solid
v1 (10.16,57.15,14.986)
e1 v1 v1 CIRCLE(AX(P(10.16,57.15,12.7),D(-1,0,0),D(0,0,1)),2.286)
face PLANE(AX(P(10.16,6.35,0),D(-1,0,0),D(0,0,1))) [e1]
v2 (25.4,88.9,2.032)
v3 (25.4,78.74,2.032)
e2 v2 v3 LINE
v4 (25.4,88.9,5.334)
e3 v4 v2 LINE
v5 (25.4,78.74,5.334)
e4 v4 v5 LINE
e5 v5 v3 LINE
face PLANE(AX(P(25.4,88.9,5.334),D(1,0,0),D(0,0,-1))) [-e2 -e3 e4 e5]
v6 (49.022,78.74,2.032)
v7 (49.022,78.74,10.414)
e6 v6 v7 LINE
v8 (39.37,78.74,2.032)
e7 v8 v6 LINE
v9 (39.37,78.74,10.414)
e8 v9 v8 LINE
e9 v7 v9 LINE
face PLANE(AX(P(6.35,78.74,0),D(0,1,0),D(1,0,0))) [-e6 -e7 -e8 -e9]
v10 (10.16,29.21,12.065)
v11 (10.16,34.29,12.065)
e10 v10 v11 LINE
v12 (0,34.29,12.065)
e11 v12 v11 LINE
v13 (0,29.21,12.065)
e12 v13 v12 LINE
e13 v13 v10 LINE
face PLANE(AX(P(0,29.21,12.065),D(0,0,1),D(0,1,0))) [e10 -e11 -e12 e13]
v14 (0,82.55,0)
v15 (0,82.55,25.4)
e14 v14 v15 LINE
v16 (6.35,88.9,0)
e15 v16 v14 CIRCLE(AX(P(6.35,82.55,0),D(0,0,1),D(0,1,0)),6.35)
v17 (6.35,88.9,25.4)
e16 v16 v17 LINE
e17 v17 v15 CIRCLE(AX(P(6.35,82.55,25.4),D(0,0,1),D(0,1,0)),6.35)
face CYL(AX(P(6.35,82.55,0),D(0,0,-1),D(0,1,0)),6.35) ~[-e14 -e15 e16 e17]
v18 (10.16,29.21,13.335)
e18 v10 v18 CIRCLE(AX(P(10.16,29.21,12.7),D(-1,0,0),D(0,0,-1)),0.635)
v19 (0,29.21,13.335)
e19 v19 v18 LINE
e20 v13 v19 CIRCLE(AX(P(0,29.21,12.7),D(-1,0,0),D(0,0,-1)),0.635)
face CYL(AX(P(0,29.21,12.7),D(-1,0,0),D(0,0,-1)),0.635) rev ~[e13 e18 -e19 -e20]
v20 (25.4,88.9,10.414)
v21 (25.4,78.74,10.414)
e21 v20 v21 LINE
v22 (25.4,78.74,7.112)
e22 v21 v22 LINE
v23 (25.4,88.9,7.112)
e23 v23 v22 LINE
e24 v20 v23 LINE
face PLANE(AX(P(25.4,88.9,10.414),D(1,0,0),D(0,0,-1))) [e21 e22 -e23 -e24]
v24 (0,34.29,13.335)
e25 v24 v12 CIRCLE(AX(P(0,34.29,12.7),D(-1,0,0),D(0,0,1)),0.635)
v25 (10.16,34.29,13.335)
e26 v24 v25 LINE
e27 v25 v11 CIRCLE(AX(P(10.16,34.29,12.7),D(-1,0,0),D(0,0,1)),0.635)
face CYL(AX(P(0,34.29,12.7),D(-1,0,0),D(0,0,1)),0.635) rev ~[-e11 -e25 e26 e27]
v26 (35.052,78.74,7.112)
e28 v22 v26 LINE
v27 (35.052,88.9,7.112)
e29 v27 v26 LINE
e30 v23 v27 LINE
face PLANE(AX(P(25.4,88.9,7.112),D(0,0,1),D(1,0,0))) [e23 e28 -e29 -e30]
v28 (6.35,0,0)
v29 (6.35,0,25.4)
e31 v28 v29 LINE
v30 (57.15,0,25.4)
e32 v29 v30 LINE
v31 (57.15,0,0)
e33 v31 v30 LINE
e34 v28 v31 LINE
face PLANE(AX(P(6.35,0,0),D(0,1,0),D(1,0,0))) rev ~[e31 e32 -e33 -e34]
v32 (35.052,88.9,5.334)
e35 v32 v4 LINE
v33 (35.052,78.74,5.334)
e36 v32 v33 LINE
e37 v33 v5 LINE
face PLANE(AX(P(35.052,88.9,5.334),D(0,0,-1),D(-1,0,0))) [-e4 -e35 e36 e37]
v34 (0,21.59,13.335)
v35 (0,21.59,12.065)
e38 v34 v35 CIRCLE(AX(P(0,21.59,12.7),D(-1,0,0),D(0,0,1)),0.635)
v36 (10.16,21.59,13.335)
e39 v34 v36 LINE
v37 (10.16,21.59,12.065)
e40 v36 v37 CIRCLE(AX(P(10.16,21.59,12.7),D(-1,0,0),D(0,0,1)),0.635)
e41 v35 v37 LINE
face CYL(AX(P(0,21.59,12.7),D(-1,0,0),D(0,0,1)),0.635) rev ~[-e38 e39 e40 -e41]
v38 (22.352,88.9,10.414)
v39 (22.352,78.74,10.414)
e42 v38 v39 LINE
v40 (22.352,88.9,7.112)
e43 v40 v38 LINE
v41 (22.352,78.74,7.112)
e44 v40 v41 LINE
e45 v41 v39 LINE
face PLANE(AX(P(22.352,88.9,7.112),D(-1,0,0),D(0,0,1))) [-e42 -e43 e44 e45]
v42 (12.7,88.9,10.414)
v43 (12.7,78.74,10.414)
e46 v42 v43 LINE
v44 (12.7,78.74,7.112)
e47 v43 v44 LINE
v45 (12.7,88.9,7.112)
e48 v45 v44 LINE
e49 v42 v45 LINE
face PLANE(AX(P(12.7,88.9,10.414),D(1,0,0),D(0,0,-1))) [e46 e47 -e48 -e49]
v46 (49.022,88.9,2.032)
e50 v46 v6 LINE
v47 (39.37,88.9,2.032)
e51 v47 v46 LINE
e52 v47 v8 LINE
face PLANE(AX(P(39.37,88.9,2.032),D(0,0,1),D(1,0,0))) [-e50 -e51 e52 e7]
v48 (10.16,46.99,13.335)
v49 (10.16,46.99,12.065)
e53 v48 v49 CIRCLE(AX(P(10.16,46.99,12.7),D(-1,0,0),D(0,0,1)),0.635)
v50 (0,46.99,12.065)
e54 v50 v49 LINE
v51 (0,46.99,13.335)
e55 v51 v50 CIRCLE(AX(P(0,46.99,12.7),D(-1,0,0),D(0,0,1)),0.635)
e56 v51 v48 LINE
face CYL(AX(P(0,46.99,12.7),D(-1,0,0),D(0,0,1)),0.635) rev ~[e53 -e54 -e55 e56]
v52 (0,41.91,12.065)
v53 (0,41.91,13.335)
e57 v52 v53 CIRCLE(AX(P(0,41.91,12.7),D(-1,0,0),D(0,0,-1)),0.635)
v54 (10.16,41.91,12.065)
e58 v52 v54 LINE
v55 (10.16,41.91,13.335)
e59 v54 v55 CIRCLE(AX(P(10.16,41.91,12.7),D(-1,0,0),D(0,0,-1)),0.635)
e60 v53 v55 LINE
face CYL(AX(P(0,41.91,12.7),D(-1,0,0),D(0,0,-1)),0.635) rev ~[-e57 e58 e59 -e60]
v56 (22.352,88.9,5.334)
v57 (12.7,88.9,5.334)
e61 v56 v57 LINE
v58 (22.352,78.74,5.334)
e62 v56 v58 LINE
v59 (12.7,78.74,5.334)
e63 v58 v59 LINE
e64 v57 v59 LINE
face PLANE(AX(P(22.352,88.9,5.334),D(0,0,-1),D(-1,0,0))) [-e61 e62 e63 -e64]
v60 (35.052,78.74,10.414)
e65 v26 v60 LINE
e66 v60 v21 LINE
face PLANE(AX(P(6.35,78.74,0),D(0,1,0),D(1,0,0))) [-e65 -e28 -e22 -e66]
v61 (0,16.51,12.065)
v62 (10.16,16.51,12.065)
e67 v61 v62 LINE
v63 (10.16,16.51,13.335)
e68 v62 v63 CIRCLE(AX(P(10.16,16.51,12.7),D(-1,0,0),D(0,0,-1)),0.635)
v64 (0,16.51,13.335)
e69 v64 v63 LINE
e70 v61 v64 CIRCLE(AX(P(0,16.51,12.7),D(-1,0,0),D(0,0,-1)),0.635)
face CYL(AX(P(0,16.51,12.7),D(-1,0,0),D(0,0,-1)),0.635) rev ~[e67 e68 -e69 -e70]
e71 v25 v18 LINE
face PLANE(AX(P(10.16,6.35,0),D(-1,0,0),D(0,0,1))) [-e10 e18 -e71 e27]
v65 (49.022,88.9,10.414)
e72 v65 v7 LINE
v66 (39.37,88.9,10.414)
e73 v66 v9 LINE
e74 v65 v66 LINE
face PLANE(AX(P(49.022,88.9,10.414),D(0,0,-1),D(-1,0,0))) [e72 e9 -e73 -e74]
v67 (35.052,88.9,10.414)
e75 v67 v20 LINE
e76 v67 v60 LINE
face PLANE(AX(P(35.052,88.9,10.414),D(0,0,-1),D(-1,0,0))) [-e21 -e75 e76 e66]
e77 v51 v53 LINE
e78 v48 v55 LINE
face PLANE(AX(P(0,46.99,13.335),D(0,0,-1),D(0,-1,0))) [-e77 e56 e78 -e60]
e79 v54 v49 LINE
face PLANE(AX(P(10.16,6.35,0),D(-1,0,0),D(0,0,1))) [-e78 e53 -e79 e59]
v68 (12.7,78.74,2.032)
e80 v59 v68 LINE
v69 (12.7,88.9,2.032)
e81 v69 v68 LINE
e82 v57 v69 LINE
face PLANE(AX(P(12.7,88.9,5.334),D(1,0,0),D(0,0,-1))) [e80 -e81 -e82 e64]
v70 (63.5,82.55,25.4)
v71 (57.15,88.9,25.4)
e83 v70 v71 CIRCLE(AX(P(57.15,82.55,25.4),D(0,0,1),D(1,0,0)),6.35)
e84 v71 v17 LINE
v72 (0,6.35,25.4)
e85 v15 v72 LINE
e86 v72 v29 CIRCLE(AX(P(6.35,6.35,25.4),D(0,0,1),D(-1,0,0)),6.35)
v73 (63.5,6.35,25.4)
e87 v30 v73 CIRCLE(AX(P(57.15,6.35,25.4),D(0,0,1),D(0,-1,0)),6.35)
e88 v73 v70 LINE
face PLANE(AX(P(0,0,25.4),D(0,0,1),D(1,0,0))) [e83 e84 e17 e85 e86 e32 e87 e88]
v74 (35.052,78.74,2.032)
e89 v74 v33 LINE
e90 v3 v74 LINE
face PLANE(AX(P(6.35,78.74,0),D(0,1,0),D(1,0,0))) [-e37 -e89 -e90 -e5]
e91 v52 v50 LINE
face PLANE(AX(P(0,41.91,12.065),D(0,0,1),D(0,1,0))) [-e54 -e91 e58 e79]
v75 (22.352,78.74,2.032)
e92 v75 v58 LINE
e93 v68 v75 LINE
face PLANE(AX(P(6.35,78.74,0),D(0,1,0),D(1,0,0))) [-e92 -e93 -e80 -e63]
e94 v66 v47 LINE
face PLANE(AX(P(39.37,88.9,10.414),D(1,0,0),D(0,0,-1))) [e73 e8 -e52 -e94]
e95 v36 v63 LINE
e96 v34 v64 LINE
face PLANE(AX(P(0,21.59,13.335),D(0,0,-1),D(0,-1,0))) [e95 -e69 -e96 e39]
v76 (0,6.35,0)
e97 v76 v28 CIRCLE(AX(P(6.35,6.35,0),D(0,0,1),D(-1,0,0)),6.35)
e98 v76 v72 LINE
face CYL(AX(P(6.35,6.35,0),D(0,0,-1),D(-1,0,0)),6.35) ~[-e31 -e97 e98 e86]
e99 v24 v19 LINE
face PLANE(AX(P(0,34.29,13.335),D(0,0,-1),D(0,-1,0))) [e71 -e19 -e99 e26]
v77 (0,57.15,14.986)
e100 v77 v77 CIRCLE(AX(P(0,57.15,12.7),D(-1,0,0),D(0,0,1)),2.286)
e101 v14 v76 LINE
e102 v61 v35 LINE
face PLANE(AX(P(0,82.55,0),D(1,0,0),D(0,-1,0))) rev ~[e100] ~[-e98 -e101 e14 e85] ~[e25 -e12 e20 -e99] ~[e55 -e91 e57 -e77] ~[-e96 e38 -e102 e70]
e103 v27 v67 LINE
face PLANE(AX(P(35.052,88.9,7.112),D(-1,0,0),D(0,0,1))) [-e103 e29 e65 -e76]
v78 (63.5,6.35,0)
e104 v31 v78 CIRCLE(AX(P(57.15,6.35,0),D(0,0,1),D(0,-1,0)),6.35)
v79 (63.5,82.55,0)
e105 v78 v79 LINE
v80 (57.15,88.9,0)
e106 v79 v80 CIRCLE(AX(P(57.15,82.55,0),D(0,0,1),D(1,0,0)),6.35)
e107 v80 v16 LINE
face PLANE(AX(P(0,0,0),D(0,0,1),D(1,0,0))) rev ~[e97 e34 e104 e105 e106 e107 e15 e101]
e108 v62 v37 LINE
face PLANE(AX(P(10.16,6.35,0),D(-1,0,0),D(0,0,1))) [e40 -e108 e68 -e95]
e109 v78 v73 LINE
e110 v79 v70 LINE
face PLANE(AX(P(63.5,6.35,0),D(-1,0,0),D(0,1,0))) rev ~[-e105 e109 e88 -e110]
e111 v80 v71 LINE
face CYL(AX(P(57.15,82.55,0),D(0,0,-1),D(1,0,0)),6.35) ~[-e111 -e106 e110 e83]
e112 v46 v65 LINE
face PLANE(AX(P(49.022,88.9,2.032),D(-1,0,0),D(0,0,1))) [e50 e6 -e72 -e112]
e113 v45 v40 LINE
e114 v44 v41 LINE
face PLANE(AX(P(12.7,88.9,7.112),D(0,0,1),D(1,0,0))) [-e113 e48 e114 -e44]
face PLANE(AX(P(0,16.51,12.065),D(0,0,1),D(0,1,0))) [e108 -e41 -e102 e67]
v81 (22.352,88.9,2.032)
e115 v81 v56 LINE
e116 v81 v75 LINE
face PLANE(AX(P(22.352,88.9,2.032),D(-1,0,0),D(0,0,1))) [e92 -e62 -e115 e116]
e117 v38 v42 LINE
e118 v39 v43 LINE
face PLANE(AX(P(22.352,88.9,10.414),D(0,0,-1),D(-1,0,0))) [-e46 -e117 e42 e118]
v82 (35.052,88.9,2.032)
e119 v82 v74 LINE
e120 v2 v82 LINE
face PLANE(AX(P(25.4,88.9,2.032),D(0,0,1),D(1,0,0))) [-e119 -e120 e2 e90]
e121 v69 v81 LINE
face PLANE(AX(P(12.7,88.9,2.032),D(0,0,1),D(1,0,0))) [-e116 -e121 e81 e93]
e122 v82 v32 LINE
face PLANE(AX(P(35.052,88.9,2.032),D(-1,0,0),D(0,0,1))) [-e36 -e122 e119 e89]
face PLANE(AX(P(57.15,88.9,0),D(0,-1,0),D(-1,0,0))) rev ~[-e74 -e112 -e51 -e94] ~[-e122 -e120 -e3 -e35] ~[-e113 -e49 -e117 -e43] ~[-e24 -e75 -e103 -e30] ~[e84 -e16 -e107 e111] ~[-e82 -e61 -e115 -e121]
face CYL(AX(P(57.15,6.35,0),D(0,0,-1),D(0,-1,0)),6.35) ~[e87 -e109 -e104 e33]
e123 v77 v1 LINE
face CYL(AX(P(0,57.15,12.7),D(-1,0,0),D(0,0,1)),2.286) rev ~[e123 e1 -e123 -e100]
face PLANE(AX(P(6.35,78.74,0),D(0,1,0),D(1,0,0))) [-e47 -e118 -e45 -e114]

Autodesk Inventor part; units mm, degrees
ref_plane "YZ Plane" through (0, 0, 0) normal (1, 0, 0) x (0, 1, 0)
ref_plane "XZ Plane" through (0, 0, 0) normal (0, 1, 0) x (-1, 0, 0)
ref_plane "XY Plane" through (0, 0, 0) normal (0, 0, 1) x (1, 0, 0)
sketch "Sketch1" plane through (0, 0, 0) normal (0, 0, 1) x (1, 0, 0)
  line L0 (6.35, 0) -> (57.15, 0)
  line L1 (63.5, 6.35) -> (63.5, 82.55)
  line L2 (57.15, 88.9) -> (6.35, 88.9)
  line L3 (0, 82.55) -> (0, 6.35)
  arc A0 (6.35, 88.9) -> (0, 82.55) centre (6.35, 82.55) ccw
  arc A1 (63.5, 82.55) -> (57.15, 88.9) centre (57.15, 82.55) ccw
  arc A2 (57.15, 0) -> (63.5, 6.35) centre (57.15, 6.35) ccw
  arc A3 (0, 6.35) -> (6.35, 0) centre (6.35, 6.35) ccw
  point P0 (0, 0)
  point P1 (63.5, 88.9)
  point P2 (63.5, 0)
  point P3 (0, 88.9)
  dimension "d0" = 88.9
  dimension "d1" = 63.5
  dimension "d2" = 6.35
extrude "Extrusion1" add sketch "Sketch1" along normal blind 25.4
sketch "Sketch2" plane through (6.35, 88.9, 0) normal (0, 1, 0) x (1, 0, 0)
  line L0 (6.35, -2.032) -> (16.002, -2.032)
  line L1 (16.002, -2.032) -> (16.002, -5.334)
  line L2 (16.002, -5.334) -> (6.35, -5.334)
  line L3 (6.35, -5.334) -> (6.35, -2.032)
  line L4 (0, 0) -> (0, -25.4) projected
  line L5 (50.8, 0) -> (0, 0) projected
  line L6 (28.702, -5.334) -> (19.05, -5.334)
  line L7 (19.05, -2.032) -> (28.702, -2.032)
  line L8 (28.702, -2.032) -> (28.702, -5.334)
  line L9 (19.05, -5.334) -> (19.05, -2.032)
  line L10 (16.002, -10.414) -> (6.35, -10.414)
  line L11 (6.35, -7.112) -> (16.002, -7.112)
  line L12 (16.002, -7.112) -> (16.002, -10.414)
  line L13 (6.35, -10.414) -> (6.35, -7.112)
  line L14 (28.702, -10.414) -> (19.05, -10.414)
  line L15 (19.05, -7.112) -> (28.702, -7.112)
  line L16 (28.702, -7.112) -> (28.702, -10.414)
  line L17 (19.05, -10.414) -> (19.05, -7.112)
  line L18 (33.02, -2.032) -> (42.672, -2.032)
  line L19 (42.672, -2.032) -> (42.672, -10.414)
  line L20 (42.672, -10.414) -> (33.02, -10.414)
  line L21 (33.02, -10.414) -> (33.02, -2.032)
  point P0 (-6.35, 0)
  point P1 (6.35, -3.683)
  point P2 (19.05, -3.683)
  point P3 (6.35, -8.763)
  point P4 (19.05, -8.763)
  point P5 (37.846, -2.032)
  dimension "d5" = 6.35
  dimension "d6" = 9.652
  dimension "d7" = 3.302
  dimension "d8" = 2.032
  dimension "d11" = 12.7
  dimension "d14" = 5.08
  dimension "d17" = 8.382
  dimension "d18" = 9.652
  dimension "d19" = 4.318
  dimension "d20" = 0
extrude "Extrusion2" cut sketch "Sketch2" against normal blind 10.16
sketch "Sketch3" plane through (0, 6.35, 0) normal (-1, 0, 0) x (0, 0, 1)
  line L0 (12.7, 10.16) -> (12.7, 15.24) construction
  line L1 (12.065, 10.16) -> (12.065, 15.24)
  line L2 (13.335, 15.24) -> (13.335, 10.16)
  arc A0 (12.065, 10.16) -> (13.335, 10.16) centre (12.7, 10.16) ccw
  arc A1 (13.335, 15.24) -> (12.065, 15.24) centre (12.7, 15.24) ccw
  line L3 (25.4, 76.2) -> (25.4, 0) projected
  line L4 (0, 0) -> (25.4, 0) projected
  line L5 (13.335, 27.94) -> (13.335, 22.86)
  arc A2 (12.065, 22.86) -> (13.335, 22.86) centre (12.7, 22.86) ccw
  line L6 (12.065, 22.86) -> (12.065, 27.94)
  arc A3 (13.335, 27.94) -> (12.065, 27.94) centre (12.7, 27.94) ccw
  line L7 (13.335, 40.64) -> (13.335, 35.56)
  arc A4 (12.065, 35.56) -> (13.335, 35.56) centre (12.7, 35.56) ccw
  line L8 (12.065, 35.56) -> (12.065, 40.64)
  arc A5 (13.335, 40.64) -> (12.065, 40.64) centre (12.7, 40.64) ccw
  circle A6 centre (12.7, 50.8) radius 2.286
  line L9 (0, 76.2) -> (25.4, 76.2) projected
  point P0 (0, -6.35)
  point P1 (12.7, 12.7)
  point P2 (12.7, 76.2)
  dimension "d23" = 5.08
  dimension "d24" = 0.635
  dimension "d25" = 12.7
  dimension "d26" = 12.7
  dimension "d29" = 12.7
  dimension "d34" = 4.572
  dimension "d35" = 12.7
  dimension "d36" = 25.4
extrude "Extrusion3" cut sketch "Sketch3" against normal blind 10.16
properties part number "RaspberryPi"
